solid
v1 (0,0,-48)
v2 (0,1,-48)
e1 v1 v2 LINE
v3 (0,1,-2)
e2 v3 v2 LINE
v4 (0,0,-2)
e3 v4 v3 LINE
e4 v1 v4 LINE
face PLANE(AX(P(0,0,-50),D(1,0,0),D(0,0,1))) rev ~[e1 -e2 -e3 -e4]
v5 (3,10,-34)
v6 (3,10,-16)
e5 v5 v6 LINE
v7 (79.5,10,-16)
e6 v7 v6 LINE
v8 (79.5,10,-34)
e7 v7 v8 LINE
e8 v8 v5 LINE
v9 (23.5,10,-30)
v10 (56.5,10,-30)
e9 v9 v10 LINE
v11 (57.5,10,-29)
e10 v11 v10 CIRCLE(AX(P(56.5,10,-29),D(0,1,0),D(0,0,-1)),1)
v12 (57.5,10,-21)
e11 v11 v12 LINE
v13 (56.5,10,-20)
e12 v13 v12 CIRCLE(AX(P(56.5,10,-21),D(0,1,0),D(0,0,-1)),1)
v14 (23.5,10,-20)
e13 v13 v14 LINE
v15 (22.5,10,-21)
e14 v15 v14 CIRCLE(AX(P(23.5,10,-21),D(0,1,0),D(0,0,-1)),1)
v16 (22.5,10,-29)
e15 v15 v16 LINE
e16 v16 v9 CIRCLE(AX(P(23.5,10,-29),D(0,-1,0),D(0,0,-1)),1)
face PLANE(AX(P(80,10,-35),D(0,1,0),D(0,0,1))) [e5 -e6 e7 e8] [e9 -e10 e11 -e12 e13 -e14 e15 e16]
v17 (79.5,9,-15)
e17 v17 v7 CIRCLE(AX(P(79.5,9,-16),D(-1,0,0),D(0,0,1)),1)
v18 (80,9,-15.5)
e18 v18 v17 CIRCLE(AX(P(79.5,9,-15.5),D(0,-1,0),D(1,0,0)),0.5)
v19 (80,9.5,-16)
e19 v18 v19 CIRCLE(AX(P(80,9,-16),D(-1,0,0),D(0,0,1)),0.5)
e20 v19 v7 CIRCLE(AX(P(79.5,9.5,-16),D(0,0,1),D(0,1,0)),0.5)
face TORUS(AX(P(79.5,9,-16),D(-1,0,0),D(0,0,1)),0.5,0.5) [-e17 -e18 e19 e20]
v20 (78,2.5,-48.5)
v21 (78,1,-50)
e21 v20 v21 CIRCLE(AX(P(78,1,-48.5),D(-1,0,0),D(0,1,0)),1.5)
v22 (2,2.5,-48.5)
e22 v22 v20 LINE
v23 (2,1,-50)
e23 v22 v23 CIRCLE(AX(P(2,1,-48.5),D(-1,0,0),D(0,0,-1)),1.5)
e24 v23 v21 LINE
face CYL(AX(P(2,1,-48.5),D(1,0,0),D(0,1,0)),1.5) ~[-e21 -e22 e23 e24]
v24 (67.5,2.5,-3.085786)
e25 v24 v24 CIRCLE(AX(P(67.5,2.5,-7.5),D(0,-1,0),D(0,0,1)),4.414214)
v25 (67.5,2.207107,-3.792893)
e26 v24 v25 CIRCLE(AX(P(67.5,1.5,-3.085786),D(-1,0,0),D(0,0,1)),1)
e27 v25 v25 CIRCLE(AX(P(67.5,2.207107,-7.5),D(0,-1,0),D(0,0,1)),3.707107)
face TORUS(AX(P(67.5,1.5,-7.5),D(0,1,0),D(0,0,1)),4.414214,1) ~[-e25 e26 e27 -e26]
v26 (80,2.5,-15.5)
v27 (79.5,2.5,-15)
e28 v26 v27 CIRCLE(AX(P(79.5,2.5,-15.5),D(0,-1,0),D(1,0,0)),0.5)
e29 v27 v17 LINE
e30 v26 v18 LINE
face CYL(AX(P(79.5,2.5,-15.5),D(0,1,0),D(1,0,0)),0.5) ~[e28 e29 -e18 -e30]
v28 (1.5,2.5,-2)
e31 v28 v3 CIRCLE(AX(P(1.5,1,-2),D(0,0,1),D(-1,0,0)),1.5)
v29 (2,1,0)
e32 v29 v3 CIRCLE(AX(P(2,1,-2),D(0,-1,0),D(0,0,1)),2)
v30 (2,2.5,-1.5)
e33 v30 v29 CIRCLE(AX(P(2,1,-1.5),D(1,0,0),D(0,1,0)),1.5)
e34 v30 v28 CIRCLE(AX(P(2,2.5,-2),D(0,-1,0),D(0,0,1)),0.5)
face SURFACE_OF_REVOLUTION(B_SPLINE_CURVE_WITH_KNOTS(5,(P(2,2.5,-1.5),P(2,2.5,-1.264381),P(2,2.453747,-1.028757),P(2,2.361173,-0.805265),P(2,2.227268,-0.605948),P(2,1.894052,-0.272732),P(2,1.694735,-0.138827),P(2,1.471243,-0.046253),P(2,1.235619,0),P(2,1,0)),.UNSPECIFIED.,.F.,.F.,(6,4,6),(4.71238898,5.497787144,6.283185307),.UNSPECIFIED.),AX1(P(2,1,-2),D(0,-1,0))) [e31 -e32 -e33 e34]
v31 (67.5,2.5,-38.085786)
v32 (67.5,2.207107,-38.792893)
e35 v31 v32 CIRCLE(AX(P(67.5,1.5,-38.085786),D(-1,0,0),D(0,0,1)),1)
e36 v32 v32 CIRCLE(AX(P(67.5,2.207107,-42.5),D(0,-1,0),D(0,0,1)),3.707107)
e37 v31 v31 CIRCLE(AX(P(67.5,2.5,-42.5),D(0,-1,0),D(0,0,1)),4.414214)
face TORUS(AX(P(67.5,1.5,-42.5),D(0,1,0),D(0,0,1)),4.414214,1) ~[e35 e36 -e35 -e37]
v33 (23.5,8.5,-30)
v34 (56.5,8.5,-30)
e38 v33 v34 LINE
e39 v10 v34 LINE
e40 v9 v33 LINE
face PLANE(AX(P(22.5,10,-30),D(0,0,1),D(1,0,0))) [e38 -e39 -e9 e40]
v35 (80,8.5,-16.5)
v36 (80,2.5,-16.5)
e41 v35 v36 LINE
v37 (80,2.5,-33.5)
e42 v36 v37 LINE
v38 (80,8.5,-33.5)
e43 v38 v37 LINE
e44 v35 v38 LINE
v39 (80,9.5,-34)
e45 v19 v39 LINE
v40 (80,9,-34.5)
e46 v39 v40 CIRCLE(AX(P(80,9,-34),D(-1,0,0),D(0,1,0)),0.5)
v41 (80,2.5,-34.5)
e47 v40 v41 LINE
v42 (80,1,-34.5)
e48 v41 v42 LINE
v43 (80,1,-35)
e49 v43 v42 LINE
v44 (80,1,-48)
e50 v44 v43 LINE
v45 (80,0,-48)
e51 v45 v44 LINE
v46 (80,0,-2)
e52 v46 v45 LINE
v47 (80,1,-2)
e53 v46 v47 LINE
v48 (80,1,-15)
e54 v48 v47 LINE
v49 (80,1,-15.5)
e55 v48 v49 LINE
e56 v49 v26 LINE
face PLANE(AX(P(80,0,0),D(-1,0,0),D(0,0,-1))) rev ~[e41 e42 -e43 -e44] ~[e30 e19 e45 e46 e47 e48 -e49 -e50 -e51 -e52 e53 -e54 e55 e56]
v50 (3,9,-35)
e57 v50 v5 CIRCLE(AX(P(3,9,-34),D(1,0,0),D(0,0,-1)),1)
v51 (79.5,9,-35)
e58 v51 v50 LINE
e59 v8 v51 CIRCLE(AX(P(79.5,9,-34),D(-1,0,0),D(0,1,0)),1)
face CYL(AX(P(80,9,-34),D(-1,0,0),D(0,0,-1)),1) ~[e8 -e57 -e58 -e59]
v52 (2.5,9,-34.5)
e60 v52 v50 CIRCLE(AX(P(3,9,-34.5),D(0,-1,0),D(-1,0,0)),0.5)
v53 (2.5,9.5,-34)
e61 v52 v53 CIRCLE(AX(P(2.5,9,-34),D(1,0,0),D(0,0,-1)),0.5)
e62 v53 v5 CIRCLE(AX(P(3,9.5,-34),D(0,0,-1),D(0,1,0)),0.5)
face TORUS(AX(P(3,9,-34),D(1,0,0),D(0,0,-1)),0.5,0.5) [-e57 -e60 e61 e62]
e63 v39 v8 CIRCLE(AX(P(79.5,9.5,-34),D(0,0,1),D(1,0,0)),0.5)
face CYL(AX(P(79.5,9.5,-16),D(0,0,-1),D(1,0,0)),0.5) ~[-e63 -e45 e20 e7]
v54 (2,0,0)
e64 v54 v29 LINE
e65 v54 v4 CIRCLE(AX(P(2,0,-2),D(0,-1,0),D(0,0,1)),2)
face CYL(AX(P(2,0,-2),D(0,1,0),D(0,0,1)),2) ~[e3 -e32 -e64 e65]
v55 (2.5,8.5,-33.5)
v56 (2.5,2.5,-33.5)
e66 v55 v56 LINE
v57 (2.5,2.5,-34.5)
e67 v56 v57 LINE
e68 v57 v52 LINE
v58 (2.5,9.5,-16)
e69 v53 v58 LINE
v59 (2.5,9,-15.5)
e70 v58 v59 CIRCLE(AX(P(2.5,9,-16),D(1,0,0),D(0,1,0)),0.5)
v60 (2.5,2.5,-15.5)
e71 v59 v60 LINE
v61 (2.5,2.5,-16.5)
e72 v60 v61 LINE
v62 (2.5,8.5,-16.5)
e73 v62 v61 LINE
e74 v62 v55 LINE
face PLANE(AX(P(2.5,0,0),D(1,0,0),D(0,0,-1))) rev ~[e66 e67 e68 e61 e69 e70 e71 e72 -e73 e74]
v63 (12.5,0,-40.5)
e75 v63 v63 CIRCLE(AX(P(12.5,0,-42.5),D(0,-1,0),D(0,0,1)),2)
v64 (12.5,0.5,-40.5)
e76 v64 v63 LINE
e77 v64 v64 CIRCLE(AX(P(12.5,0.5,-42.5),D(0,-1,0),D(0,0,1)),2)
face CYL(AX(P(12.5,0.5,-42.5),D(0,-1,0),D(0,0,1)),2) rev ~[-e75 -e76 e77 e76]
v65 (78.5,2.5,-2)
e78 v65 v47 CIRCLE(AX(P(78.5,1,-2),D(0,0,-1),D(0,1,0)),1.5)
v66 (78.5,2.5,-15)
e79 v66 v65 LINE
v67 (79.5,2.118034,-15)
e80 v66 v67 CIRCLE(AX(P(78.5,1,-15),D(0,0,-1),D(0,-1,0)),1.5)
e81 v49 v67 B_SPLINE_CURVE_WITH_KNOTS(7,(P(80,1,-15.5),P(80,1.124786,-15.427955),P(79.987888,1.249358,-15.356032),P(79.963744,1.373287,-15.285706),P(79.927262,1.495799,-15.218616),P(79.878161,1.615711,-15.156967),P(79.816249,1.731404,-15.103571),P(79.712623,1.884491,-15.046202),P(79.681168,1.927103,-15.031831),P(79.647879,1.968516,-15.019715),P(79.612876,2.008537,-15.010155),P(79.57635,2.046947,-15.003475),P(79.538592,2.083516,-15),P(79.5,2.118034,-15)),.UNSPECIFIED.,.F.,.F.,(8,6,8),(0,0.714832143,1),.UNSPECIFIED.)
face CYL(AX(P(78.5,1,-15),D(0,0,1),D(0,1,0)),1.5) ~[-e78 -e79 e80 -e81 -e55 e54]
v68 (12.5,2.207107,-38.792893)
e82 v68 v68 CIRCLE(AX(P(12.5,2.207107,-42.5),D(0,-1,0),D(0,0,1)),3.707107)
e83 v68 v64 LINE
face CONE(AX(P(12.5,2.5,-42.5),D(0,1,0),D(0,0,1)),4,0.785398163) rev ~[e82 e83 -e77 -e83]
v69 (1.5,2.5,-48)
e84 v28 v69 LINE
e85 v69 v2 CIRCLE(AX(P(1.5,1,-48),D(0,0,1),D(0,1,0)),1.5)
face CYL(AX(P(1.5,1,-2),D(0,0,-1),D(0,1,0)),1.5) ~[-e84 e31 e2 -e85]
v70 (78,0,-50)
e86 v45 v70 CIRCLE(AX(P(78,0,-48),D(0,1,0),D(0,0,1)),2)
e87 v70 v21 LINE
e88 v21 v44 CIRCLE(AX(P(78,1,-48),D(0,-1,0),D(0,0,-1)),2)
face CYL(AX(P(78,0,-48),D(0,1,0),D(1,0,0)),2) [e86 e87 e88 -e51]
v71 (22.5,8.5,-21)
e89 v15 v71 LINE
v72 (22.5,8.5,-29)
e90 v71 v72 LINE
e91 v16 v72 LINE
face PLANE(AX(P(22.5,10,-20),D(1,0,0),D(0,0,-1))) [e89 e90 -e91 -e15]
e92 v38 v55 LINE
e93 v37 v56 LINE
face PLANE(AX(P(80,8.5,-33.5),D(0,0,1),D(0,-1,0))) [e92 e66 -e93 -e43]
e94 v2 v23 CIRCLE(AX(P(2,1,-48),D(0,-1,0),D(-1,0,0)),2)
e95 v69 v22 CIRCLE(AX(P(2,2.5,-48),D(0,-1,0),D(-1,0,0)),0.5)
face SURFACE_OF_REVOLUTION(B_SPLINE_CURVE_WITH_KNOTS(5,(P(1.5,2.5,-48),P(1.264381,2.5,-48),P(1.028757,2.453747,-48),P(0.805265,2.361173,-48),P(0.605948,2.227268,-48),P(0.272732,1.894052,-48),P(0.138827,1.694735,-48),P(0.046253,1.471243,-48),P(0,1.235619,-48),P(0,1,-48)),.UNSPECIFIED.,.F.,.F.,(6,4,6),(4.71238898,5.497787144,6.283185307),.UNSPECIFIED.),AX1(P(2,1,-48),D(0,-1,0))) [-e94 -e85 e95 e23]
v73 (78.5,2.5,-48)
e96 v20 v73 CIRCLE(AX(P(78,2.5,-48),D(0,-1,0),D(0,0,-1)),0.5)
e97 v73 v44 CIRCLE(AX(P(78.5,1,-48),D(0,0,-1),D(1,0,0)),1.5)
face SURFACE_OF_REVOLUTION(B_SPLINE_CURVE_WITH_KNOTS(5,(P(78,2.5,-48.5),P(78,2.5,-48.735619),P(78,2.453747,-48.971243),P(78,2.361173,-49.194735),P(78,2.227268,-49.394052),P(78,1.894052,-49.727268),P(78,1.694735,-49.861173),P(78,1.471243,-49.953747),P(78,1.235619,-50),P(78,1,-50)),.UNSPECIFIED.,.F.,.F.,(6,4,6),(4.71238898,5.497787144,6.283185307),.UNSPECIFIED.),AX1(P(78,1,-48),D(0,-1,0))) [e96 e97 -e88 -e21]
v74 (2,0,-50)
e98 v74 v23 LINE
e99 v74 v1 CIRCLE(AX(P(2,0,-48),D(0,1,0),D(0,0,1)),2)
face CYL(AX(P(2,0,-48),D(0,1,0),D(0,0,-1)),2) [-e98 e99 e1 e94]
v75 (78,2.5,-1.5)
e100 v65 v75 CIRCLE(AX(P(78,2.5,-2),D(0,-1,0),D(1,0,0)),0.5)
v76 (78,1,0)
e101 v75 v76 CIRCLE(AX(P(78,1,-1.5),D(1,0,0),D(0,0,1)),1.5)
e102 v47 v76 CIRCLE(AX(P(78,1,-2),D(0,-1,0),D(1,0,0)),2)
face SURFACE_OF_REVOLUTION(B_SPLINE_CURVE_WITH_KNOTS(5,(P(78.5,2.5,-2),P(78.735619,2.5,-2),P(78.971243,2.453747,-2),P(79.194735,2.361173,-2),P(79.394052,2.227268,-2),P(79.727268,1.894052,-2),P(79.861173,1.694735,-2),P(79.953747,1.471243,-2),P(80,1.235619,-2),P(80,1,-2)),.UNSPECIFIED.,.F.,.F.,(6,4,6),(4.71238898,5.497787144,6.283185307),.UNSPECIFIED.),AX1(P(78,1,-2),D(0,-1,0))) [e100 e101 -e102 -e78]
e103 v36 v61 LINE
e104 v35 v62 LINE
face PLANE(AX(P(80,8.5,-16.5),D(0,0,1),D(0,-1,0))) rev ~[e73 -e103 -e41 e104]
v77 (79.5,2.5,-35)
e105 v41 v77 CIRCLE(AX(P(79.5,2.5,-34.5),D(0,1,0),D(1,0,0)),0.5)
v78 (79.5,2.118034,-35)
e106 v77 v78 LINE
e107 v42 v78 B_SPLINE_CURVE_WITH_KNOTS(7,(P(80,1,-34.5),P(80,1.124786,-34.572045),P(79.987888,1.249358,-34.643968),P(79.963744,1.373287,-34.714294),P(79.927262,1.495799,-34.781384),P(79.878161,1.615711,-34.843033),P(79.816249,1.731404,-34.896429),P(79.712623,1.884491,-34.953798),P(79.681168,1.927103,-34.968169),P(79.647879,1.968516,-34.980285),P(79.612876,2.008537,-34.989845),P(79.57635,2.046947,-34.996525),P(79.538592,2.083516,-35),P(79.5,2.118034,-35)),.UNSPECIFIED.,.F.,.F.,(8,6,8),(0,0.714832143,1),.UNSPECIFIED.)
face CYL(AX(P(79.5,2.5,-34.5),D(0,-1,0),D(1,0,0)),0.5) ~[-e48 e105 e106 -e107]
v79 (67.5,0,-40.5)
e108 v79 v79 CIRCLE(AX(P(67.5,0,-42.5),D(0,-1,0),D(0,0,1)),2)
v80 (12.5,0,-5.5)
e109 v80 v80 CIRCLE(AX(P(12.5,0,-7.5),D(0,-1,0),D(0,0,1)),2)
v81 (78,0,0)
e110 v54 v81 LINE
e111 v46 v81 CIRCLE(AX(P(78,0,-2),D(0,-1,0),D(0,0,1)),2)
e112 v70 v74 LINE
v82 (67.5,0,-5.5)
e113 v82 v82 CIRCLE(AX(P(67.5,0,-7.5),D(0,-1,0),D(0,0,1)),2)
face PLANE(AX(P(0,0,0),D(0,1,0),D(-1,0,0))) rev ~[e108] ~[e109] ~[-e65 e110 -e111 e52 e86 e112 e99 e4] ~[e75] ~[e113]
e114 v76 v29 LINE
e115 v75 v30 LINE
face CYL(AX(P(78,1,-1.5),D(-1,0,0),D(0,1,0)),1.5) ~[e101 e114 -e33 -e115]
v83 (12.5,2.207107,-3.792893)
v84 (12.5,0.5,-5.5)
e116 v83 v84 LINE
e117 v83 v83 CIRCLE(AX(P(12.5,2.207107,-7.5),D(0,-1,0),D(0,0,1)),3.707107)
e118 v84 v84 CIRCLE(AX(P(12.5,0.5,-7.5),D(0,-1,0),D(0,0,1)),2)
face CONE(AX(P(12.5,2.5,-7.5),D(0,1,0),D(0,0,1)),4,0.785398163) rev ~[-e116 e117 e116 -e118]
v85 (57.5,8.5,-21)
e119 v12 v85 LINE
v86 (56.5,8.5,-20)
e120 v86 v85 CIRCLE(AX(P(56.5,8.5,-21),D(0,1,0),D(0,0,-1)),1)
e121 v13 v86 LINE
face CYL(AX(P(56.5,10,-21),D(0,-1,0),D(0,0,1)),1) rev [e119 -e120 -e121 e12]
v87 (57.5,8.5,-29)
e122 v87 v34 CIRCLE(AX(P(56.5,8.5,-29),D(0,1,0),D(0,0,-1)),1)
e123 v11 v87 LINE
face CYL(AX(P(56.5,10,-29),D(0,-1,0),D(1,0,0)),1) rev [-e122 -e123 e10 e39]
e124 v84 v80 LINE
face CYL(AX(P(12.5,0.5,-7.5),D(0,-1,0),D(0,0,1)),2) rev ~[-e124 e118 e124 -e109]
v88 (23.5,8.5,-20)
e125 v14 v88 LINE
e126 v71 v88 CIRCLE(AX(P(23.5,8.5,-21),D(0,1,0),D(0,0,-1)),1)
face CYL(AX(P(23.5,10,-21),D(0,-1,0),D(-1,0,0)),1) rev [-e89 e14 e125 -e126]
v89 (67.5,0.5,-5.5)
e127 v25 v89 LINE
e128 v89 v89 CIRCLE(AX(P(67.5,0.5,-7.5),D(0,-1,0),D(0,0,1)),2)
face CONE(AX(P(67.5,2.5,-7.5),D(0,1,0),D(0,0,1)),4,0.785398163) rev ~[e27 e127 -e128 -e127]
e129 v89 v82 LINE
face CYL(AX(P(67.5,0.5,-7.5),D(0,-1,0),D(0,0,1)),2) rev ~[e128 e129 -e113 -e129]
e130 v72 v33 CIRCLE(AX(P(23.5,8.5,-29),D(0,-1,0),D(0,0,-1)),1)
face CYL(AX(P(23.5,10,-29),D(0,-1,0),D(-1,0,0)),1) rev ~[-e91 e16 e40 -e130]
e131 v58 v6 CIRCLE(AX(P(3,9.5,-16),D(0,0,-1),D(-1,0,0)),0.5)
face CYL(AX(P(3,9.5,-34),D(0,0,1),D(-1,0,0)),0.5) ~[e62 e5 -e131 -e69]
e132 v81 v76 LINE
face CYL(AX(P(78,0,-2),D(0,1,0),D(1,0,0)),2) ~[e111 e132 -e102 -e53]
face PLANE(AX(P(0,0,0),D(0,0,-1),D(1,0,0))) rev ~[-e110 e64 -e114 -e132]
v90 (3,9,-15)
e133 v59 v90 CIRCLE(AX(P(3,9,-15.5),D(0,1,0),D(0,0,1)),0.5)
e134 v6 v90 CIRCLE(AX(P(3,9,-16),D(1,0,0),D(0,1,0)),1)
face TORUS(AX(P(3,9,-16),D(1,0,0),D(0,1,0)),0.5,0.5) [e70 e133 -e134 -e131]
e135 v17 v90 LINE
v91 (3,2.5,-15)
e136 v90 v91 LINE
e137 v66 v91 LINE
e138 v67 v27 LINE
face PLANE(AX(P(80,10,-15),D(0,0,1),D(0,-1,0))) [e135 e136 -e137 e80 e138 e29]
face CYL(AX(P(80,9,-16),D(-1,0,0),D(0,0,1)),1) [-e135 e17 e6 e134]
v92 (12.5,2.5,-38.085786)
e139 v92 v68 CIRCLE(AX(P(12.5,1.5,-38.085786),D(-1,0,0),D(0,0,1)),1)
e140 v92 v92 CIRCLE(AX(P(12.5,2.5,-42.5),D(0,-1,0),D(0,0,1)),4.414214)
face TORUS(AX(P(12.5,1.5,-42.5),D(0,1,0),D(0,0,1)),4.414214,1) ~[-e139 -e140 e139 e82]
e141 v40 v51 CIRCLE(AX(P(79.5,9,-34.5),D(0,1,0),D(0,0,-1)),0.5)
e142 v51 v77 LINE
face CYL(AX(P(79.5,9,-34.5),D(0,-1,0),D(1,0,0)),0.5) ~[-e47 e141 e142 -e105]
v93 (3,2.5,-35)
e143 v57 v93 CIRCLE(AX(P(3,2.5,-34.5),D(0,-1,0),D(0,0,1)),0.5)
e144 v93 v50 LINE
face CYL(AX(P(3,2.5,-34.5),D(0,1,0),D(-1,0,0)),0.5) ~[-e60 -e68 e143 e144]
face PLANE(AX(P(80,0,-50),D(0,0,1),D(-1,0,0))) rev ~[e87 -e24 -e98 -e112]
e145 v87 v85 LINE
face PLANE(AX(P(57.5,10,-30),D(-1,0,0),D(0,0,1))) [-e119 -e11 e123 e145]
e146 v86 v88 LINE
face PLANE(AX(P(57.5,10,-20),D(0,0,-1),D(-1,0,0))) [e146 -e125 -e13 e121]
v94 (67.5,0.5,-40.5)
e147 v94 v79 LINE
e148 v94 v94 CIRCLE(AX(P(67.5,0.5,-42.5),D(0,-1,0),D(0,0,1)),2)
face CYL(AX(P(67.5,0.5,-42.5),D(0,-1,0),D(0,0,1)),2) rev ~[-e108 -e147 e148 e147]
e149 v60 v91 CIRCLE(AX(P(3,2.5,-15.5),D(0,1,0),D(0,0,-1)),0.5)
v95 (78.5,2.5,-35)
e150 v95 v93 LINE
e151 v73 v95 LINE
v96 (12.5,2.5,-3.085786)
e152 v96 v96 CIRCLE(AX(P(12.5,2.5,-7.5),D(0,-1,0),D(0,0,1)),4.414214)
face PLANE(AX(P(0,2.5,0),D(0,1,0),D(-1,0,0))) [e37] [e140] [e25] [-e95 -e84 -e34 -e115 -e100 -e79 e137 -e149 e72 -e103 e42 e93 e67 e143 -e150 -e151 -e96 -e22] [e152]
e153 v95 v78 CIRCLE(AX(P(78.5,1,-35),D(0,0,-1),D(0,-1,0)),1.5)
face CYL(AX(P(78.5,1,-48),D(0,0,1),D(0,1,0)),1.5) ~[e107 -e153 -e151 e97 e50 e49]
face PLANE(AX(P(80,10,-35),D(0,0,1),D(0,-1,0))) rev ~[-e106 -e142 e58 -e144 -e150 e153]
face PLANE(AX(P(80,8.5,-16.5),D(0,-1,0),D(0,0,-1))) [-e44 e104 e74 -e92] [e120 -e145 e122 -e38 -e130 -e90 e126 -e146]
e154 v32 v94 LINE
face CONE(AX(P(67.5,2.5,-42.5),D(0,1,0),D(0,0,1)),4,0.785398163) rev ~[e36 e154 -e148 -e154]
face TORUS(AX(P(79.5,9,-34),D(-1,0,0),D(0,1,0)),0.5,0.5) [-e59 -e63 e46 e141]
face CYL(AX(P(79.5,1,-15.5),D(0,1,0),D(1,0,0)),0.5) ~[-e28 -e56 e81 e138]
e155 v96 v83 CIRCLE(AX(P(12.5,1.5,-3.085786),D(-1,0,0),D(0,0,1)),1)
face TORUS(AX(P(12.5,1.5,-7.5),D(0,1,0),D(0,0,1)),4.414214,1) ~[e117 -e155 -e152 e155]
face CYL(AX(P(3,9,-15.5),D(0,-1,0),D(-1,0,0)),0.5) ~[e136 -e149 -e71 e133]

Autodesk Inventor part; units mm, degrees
ref_plane "YZ Plane" through (0, 0, 0) normal (1, 0, 0) x (0, 1, 0)
ref_plane "XZ Plane" through (0, 0, 0) normal (0, 1, 0) x (-1, 0, 0)
ref_plane "XY Plane" through (0, 0, 0) normal (0, 0, 1) x (1, 0, 0)
sketch "Sketch1" plane through (0, 0, 0) normal (0, 1, 0) x (-1, 0, 0)
  line L0 (0, 0) -> (-80, 0)
  line L1 (-80, 0) -> (-80, -50)
  line L2 (-80, -50) -> (0, -50)
  line L3 (0, -50) -> (0, 0)
  dimension "d0" = 80
  dimension "d1" = 50
extrude "Extrusion1" add sketch "Sketch1" along normal blind 2.5
sketch "Sketch2" plane through (0, 2.5, 0) normal (0, 1, 0) x (1, 0, 0)
  circle A0 centre (12.5, 7.5) radius 2
  circle A1 centre (67.5, 7.5) radius 2
  circle A2 centre (12.5, 42.5) radius 2
  circle A3 centre (67.5, 42.5) radius 2
  line L0 (0, 0) -> (80, 0) projected
  line L1 (0, 50) -> (0, 0) projected
  dimension "d4" = 4
  dimension "d5" = 4
  dimension "d6" = 4
  dimension "d7" = 4
  dimension "d8" = 55
  dimension "d9" = 35
  dimension "d10" = 7.5
  dimension "d11" = 12.5
sketch "Sketch3" plane through (80, 0, 0) normal (1, 0, 0) x (0, 0, -1)
  line L0 (35, 10) -> (15, 10)
  line L1 (35, 10) -> (35, 2.5)
  line L2 (15, 10) -> (15, 2.5)
  line L3 (0, 2.5) -> (50, 2.5) projected
  line L4 (16.5, 8.5) -> (33.5, 8.5)
  line L5 (33.5, 8.5) -> (33.5, 2.5)
  line L6 (16.5, 8.5) -> (16.5, 2.5)
  point P0 (0, 0)
  point P1 (25, 10)
  point P2 (25, 2.5)
  point P3 (25, 8.5)
  dimension "d14" = 20
  dimension "d15" = 7.5
  dimension "d16" = 7.5
  dimension "d17" = 17
  dimension "d18" = 1.5
extrude "Extrusion3" add sketch "Sketch3" against normal blind 77.5 contours L1 L3 L5 L4 L6 L2 L0
sketch "Sketch4" plane through (80, 10, -15) normal (0, 1, 0) x (1, 0, 0)
  line L0 (-57.5, 15) -> (-22.5, 15)
  line L1 (-22.5, 15) -> (-22.5, 5)
  line L2 (-22.5, 5) -> (-57.5, 5)
  line L3 (-57.5, 5) -> (-57.5, 15)
  line L4 (-77.5, 0) -> (-77.5, 20) projected
  point P0 (-80, -15)
  point P1 (-57.5, 10)
  point P2 (-77.5, 10)
  dimension "d21" = 35
  dimension "d22" = 10
  dimension "d23" = 20
extrude "Extrusion4" cut sketch "Sketch4" against normal blind 1.5
fillet "Fillet2" radius 1 6 edges at (41.25, 10, -15) (41.25, 10, -35) (22.5, 9.25, -30) (57.5, 9.25, -30) (57.5, 9.25, -20) (22.5, 9.25, -20)
fillet "Fillet3" radius 2 4 edges at (80, 1.25, 0) (80, 1.25, -50) (0, 1.25, 0) (0, 1.25, -50)
hole "Hole1" at (67.5, 2.5, -42.5) at (67.5, 2.5, -7.5) at (12.5, 2.5, -7.5) at (12.5, 2.5, -42.5) direction (0, -1, 0) diameter 4 end through all countersink diameter 8 countersink angle 90
fillet "Fillet4" radius 1 4 edges at (67.5, 2.5, -46.5) (12.5, 2.5, -46.5) (67.5, 2.5, -11.5) (12.5, 2.5, -11.5)
fillet "Fillet5" radius 1.5 9 edges at (79.4142, 2.5, -0.5858) (80, 2.5, -8.5) (0.5858, 2.5, -0.5858) (0, 2.5, -25) (0.5858, 2.5, -49.4142) (40, 2.5, -50) (79.4142, 2.5, -49.4142) (80, 2.5, -41.5) (40, 2.5, 0)
fillet "Fillet6" radius 0.5 10 edges at (2.5, 9.7071, -34.7071) (2.5, 5.75, -35) (2.5, 9.7071, -15.2929) (2.5, 5.75, -15) (2.5, 10, -25) (80, 9.7071, -15.2929) (80, 5.75, -15) (80, 9.7071, -34.7071) (80, 5.75, -35) (80, 10, -25)
properties part number "Latch Base" material "Steel"
